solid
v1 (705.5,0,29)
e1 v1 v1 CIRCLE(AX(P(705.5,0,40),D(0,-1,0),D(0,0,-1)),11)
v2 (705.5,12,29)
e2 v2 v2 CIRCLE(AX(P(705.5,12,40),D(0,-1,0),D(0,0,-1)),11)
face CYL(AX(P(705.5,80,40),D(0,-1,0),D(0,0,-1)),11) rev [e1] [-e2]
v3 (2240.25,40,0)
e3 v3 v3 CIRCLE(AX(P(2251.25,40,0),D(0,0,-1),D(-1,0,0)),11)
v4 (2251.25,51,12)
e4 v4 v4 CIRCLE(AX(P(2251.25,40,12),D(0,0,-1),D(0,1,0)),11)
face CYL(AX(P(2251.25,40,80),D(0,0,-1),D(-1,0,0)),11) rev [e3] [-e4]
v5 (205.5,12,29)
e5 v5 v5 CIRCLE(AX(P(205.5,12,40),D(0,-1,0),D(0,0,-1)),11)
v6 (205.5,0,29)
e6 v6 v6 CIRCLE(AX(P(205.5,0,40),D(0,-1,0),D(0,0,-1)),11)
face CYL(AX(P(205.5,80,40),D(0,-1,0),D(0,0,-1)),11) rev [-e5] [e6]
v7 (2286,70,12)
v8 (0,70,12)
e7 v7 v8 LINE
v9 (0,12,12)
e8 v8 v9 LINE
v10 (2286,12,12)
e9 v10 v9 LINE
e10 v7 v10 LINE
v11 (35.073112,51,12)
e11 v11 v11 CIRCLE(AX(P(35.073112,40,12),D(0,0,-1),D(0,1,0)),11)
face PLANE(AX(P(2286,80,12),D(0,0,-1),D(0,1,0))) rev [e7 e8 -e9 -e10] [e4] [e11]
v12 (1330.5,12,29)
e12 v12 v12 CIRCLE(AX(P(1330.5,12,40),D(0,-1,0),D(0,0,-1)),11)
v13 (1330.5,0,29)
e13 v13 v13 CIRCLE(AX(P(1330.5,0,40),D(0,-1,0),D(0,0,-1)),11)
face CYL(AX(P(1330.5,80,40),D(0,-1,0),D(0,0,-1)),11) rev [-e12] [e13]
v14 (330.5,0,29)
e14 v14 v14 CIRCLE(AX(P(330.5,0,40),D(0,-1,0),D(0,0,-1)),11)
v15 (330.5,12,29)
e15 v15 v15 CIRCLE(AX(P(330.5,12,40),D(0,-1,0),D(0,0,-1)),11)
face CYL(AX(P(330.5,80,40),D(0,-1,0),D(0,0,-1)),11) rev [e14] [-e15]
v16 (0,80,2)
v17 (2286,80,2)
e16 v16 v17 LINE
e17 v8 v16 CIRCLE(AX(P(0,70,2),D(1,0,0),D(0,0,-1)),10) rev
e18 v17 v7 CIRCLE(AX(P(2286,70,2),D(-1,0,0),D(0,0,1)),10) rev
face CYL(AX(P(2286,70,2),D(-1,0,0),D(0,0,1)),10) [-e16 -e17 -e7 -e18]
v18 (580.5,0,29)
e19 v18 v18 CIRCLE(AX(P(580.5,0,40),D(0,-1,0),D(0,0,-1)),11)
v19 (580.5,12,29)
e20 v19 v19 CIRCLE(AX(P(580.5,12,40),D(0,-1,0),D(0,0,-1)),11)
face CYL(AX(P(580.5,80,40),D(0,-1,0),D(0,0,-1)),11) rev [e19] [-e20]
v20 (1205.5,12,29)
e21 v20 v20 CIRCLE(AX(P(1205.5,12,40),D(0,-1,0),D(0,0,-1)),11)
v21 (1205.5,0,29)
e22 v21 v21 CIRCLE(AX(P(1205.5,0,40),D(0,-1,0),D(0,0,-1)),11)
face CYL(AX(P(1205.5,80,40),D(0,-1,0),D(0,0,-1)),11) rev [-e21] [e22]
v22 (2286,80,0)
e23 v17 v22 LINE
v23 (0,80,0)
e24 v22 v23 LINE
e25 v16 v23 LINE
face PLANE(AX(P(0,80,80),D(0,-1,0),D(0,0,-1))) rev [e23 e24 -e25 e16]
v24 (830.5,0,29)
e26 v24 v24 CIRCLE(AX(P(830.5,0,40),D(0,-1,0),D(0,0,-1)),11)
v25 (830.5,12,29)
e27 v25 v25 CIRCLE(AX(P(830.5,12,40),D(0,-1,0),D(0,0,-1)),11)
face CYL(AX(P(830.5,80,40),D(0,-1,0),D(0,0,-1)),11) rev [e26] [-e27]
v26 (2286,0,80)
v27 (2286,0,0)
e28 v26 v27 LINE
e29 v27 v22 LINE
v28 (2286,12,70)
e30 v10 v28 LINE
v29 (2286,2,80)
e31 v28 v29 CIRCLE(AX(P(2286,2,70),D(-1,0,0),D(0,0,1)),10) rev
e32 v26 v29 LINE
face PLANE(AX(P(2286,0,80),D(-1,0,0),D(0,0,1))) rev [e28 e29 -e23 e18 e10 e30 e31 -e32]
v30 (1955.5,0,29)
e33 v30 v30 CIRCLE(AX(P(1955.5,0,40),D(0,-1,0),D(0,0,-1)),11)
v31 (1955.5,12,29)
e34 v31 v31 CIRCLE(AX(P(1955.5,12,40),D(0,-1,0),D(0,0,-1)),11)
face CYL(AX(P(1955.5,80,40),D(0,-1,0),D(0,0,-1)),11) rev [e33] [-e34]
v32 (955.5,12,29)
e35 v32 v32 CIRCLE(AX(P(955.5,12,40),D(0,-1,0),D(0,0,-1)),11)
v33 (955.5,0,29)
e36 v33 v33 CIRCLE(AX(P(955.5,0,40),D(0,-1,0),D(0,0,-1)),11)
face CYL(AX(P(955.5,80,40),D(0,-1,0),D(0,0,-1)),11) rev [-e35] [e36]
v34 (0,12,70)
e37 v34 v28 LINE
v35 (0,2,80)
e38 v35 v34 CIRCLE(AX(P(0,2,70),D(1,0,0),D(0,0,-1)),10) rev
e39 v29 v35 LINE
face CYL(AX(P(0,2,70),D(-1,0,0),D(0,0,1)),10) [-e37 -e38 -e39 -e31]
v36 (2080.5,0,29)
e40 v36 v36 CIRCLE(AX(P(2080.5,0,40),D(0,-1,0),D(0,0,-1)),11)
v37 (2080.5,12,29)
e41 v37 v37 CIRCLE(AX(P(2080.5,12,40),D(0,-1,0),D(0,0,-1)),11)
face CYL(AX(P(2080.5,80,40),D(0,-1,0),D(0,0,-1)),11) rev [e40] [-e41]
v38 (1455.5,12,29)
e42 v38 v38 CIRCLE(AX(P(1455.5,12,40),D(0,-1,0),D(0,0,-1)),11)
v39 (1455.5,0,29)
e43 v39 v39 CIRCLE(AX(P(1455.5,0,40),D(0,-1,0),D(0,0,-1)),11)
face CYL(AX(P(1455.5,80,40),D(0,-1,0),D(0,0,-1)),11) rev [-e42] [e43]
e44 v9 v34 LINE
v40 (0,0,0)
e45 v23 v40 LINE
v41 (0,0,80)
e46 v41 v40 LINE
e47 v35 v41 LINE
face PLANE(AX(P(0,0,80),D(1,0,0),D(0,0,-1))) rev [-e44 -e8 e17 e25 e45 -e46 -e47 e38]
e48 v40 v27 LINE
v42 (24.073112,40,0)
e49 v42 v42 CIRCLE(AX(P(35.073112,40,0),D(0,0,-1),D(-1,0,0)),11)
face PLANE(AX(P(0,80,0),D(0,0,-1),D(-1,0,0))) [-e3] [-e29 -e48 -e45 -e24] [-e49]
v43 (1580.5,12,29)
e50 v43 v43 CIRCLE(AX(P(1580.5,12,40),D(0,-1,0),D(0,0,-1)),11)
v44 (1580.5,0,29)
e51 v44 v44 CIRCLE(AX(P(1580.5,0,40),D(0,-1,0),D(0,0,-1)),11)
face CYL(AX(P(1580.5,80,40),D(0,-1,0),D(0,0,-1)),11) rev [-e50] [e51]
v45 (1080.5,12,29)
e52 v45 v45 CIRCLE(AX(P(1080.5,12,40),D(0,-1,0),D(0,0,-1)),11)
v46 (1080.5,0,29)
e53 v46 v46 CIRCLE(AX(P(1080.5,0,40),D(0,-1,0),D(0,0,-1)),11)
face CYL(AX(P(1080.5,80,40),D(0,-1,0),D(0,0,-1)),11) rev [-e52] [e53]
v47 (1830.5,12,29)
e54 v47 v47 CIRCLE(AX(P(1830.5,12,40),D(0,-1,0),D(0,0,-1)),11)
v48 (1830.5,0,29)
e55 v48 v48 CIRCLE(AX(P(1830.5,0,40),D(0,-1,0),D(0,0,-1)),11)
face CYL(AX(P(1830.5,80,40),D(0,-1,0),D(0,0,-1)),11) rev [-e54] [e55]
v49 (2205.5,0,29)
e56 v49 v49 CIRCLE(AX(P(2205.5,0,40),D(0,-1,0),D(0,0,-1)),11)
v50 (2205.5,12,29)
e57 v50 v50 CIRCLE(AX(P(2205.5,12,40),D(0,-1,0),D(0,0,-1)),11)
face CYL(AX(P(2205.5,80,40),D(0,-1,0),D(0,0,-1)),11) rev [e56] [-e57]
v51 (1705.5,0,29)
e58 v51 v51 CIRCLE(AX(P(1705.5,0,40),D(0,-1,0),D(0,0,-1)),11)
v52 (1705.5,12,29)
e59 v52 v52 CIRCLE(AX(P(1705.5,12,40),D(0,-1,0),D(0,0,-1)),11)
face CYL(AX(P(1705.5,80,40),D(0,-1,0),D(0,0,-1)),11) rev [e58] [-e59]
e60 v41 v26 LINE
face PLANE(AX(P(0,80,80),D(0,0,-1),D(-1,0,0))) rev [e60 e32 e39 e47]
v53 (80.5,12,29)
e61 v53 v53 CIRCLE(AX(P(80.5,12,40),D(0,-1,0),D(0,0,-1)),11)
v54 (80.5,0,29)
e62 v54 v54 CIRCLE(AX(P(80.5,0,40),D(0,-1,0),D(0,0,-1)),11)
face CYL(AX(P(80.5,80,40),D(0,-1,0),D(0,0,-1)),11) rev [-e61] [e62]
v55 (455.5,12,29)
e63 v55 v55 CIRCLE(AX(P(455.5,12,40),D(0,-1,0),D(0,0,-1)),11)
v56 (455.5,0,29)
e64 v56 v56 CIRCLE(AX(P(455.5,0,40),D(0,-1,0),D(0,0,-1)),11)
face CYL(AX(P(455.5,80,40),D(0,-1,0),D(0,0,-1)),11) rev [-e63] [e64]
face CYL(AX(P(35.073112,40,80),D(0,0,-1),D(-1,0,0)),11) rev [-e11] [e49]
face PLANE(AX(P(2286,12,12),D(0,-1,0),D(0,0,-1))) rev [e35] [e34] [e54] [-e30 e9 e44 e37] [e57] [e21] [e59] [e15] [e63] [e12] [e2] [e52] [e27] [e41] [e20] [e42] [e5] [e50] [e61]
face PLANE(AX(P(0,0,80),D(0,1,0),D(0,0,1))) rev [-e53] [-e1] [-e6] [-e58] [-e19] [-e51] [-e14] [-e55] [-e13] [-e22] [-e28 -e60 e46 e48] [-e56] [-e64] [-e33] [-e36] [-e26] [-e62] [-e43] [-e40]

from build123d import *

# Parameters (mm, degrees)
SKETCH_1_W             = 2286
SKETCH_1_H             = 80
EXTRUDE_1_DEPTH        = 80
SKETCH_3_W             = 68
SKETCH_3_H             = 68
CUT_EXTRUDE_2_DEPTH    = 2289.797937783
FILLET_1_R             = 10
SKETCH_4_R             = 11
CUT_EXTRUDE_3_DEPTH    = 2289.797937783
PATTERN_LINEAR_1_COUNT = 2
PATTERN_LINEAR_1_PITCH = 2216.176888
SKETCH_5_R             = 11
CUT_EXTRUDE_4_DEPTH    = 2289.797937783
PATTERN_LINEAR_2_COUNT = 18
PATTERN_LINEAR_2_PITCH = 125


with BuildPart() as part:
    # 草图1 → 拉伸1 (new body)
    with BuildSketch(Plane.XY):
        with Locations((1143, 40)):
            Rectangle(SKETCH_1_W, SKETCH_1_H)
    extrude(amount=EXTRUDE_1_DEPTH)

    # 草图3 → 拉伸2 (cut, through all)
    with BuildSketch(Plane.ZY):
        with Locations((46, 46)):
            Rectangle(SKETCH_3_W, SKETCH_3_H)
    extrude(amount=-CUT_EXTRUDE_2_DEPTH, mode=Mode.SUBTRACT)

    # 圆角1
    fillet_1_edges = [part.edges().sort_by_distance(p)[0] for p in [
        (1143, 80, 12),
        (1143, 12, 80),
    ]]
    fillet(fillet_1_edges, radius=FILLET_1_R)

    # 草图4 → 拉伸3 (cut, through all)
    with BuildSketch(Plane(origin=(0, 0, 0), x_dir=(-1, 0, 0), z_dir=(0, 0, -1))):
        with Locations((-2251.25, 40)):
            Circle(SKETCH_4_R)
    cut_extrude_3 = extrude(amount=-CUT_EXTRUDE_3_DEPTH, mode=Mode.SUBTRACT)

    # 阵列(线性)1: 拉伸3 ×2
    with Locations(*[(-i * PATTERN_LINEAR_1_PITCH, 0, 0) for i in range(1, PATTERN_LINEAR_1_COUNT)]):
        add(cut_extrude_3, mode=Mode.SUBTRACT)

    # 草图5 → 拉伸4 (cut, through all)
    with BuildSketch(Plane.XZ):
        with Locations(Location((80.5, 40, 0), (0, 0, 270))):
            Circle(SKETCH_5_R)
    cut_extrude_4 = extrude(amount=-CUT_EXTRUDE_4_DEPTH, mode=Mode.SUBTRACT)

    # 阵列(线性)2: 拉伸4 ×18
    with Locations(*[(i * PATTERN_LINEAR_2_PITCH, 0, 0) for i in range(1, PATTERN_LINEAR_2_COUNT)]):
        add(cut_extrude_4, mode=Mode.SUBTRACT)


solid = part.part
